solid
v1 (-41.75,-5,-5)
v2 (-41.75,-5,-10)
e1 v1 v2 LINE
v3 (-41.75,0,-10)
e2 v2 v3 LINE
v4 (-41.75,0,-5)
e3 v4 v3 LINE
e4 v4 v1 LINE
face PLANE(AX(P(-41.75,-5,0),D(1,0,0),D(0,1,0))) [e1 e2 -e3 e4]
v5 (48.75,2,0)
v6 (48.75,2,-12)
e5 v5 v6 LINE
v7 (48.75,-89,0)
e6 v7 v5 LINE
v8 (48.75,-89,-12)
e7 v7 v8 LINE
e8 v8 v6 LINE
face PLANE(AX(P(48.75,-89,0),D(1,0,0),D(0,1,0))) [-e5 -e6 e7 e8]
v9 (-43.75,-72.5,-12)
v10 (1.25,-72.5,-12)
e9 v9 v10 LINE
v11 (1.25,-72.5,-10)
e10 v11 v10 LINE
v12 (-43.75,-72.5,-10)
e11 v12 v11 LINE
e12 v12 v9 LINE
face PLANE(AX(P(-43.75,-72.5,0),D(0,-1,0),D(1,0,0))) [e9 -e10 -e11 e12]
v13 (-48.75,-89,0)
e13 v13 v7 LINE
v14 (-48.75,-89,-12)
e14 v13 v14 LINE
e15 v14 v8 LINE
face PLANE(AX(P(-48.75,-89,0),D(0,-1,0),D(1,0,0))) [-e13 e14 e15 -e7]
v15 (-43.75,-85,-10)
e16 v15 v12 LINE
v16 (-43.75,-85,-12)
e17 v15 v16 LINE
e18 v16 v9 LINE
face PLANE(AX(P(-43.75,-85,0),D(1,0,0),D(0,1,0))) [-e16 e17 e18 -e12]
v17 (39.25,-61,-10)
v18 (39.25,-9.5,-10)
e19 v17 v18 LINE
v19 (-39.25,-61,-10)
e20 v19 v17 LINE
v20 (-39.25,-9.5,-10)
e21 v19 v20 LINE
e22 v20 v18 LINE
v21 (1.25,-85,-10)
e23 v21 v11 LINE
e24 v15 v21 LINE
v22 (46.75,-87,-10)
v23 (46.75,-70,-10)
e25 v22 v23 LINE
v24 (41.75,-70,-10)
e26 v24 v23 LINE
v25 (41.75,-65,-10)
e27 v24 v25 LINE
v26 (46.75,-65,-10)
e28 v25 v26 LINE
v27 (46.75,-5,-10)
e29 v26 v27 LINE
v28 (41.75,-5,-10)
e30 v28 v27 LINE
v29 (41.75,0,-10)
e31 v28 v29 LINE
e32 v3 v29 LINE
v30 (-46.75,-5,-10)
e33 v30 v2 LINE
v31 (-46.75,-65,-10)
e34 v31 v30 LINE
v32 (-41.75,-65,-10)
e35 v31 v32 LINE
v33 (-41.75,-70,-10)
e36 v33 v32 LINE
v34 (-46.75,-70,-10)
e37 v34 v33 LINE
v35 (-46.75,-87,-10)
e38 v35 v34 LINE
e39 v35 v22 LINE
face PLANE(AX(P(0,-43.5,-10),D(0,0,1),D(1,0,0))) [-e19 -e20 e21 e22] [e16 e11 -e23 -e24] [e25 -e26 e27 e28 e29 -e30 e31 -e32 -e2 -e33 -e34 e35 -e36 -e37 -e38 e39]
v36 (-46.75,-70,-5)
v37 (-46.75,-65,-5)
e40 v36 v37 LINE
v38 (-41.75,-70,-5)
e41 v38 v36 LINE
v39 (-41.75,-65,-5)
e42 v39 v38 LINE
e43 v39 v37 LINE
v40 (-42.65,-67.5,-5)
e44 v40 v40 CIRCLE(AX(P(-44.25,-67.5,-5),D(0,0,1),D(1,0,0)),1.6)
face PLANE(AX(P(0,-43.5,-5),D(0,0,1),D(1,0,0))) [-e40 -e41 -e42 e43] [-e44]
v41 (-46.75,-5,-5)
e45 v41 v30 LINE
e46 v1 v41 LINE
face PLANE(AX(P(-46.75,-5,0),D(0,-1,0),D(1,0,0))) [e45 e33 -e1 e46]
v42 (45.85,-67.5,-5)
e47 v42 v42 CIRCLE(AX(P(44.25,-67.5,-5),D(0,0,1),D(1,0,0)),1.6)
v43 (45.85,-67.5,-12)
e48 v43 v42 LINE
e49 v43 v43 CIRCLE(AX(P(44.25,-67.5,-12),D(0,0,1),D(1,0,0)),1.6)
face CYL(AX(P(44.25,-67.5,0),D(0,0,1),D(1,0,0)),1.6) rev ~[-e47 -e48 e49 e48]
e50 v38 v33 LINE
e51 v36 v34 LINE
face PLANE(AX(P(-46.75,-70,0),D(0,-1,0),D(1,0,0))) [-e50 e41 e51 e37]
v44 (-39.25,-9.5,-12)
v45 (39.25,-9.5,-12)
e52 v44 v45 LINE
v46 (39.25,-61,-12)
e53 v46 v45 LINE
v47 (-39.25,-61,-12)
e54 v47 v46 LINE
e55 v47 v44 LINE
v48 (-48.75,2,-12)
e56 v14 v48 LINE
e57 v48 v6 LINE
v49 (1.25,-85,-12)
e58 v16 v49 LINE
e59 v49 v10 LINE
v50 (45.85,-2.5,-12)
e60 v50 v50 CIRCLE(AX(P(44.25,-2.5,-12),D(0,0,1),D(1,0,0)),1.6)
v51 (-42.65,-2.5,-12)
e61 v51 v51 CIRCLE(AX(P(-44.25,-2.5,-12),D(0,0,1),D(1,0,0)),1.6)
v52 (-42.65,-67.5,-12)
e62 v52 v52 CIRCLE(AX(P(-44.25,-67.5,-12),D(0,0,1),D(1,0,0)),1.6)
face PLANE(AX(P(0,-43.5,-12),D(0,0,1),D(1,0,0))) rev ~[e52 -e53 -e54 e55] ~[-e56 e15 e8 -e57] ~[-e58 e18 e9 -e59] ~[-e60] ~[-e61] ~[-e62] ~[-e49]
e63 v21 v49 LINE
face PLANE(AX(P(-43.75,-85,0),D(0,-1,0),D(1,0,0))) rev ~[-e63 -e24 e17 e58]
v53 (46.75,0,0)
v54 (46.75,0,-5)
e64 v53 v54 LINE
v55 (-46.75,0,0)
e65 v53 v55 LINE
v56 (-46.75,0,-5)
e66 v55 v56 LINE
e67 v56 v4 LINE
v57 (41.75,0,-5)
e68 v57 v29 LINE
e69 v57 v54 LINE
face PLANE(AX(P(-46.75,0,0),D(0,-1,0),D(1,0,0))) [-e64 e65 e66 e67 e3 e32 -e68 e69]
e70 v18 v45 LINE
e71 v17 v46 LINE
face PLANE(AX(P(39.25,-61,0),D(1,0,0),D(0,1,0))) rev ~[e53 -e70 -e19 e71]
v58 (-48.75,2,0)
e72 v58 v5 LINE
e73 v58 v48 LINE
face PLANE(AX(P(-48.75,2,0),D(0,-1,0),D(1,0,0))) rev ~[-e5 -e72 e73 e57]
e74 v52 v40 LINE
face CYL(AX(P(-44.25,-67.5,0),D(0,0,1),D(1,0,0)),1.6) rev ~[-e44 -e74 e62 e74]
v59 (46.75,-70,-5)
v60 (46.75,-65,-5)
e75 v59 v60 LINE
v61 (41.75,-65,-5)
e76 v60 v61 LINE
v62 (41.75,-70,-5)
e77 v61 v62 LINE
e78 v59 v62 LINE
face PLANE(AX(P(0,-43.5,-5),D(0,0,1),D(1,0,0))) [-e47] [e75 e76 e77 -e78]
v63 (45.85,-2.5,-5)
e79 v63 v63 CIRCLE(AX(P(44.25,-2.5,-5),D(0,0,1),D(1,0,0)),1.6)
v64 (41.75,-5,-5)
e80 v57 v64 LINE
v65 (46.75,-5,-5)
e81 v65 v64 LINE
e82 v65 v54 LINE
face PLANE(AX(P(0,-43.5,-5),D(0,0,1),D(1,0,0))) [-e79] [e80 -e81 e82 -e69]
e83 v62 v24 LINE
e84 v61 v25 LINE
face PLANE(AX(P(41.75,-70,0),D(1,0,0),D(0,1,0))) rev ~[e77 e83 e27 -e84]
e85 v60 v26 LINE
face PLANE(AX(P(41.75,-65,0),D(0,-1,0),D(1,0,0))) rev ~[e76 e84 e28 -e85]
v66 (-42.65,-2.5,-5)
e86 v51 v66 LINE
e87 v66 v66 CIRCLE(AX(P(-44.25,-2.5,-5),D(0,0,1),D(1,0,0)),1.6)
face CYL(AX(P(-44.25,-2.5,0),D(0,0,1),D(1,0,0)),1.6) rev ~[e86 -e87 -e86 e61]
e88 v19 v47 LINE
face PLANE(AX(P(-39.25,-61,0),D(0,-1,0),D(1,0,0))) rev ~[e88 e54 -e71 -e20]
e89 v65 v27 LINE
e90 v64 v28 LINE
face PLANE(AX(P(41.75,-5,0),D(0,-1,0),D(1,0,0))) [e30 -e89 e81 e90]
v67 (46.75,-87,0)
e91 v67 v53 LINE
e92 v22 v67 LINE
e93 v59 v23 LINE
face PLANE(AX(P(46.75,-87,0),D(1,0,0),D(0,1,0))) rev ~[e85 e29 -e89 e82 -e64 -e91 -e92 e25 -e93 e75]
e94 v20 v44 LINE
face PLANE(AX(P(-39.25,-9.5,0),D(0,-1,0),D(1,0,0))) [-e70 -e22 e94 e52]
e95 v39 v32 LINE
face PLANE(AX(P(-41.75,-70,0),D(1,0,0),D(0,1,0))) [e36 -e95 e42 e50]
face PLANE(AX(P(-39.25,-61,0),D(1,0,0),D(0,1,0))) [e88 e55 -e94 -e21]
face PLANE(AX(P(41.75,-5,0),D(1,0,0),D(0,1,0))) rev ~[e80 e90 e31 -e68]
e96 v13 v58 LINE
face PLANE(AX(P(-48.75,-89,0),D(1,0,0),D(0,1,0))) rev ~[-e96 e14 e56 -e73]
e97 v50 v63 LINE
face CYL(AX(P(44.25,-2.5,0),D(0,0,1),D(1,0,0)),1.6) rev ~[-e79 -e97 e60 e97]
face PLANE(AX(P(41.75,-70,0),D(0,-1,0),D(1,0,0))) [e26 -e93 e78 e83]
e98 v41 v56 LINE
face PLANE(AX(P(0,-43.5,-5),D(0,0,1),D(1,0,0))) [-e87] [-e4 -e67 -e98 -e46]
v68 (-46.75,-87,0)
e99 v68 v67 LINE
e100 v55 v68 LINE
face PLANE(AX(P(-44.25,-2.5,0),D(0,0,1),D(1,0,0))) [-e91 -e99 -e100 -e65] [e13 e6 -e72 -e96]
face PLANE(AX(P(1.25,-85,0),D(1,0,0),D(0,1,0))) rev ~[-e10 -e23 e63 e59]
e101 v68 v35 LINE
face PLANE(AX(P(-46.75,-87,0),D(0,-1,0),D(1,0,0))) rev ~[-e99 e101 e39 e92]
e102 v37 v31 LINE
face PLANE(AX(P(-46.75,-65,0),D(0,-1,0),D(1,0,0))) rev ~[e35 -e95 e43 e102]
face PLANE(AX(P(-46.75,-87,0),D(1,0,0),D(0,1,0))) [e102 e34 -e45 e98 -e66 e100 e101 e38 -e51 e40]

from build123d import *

# Parameters (mm, degrees)
SKETCH001_W     = 97.5
SKETCH001_H     = 91
PAD_DEPTH       = 12
SKETCH_W        = 93.5
SKETCH_H        = 87
POCKET_DEPTH    = 10
SKETCH002_W     = 5
SKETCH002_H     = 5
SKETCH002_R     = 1.6
PAD001_DEPTH    = 10
POCKET001_DEPTH = 5
SKETCH003_W     = 78.5
SKETCH003_H     = 51.5
POCKET002_DEPTH = 12.001
SKETCH004_W     = 45
SKETCH004_H     = 12.5
POCKET003_DEPTH = 12.001
SKETCH005_R     = 1.6
POCKET004_DEPTH = 12.001


with BuildPart() as part:
    # Sketch001 → Pad (new body)
    with BuildSketch(Plane.XY):
        with Locations((0, -43.5)):
            Rectangle(SKETCH001_W, SKETCH001_H)
    extrude(amount=-PAD_DEPTH)

    # Sketch → Pocket (cut)
    with BuildSketch(Plane.XY):
        with Locations((0, -43.5)):
            Rectangle(SKETCH_W, SKETCH_H)
    extrude(amount=-POCKET_DEPTH, mode=Mode.SUBTRACT)

    # Sketch002 → Pad001 (join)
    with BuildSketch(Plane.XY):
        with Locations((-44.25, -2.5)):
            Rectangle(SKETCH002_W, SKETCH002_H)
        with Locations((-44.25, -2.5)):
            Circle(SKETCH002_R, mode=Mode.SUBTRACT)
        with Locations((-44.25, -67.5)):
            Rectangle(SKETCH002_W, SKETCH002_H)
        with Locations((-44.25, -67.5)):
            Circle(SKETCH002_R, mode=Mode.SUBTRACT)
        with Locations((44.25, -67.5)):
            Rectangle(SKETCH002_W, SKETCH002_H)
        with Locations((44.25, -67.5)):
            Circle(SKETCH002_R, mode=Mode.SUBTRACT)
        with Locations((44.25, -2.5)):
            Rectangle(SKETCH002_W, SKETCH002_H)
        with Locations((44.25, -2.5)):
            Circle(SKETCH002_R, mode=Mode.SUBTRACT)
    extrude(amount=-PAD001_DEPTH)

    # Sketch → Pocket001 (cut)
    with BuildSketch(Plane.XY):
        with Locations((0, -43.5)):
            Rectangle(SKETCH_W, SKETCH_H)
    extrude(amount=-POCKET001_DEPTH, mode=Mode.SUBTRACT)

    # Sketch003 → Pocket002 (cut, through all)
    with BuildSketch(Plane.XY):
        with Locations((0, -35.25)):
            Rectangle(SKETCH003_W, SKETCH003_H)
    extrude(amount=-POCKET002_DEPTH, mode=Mode.SUBTRACT)

    # Sketch004 → Pocket003 (cut, through all)
    with BuildSketch(Plane.XY):
        with Locations((-21.25, -78.75)):
            Rectangle(SKETCH004_W, SKETCH004_H)
    extrude(amount=-POCKET003_DEPTH, mode=Mode.SUBTRACT)

    # Sketch005 → Pocket004 (cut, through all)
    with BuildSketch(Plane.XY):
        with Locations((-44.25, -2.5)):
            Circle(SKETCH005_R)
        with Locations((44.25, -2.5)):
            Circle(SKETCH005_R)
        with Locations((44.25, -67.5)):
            Circle(SKETCH005_R)
        with Locations((-44.25, -67.5)):
            Circle(SKETCH005_R)
    extrude(amount=-POCKET004_DEPTH, mode=Mode.SUBTRACT)


solid = part.part
